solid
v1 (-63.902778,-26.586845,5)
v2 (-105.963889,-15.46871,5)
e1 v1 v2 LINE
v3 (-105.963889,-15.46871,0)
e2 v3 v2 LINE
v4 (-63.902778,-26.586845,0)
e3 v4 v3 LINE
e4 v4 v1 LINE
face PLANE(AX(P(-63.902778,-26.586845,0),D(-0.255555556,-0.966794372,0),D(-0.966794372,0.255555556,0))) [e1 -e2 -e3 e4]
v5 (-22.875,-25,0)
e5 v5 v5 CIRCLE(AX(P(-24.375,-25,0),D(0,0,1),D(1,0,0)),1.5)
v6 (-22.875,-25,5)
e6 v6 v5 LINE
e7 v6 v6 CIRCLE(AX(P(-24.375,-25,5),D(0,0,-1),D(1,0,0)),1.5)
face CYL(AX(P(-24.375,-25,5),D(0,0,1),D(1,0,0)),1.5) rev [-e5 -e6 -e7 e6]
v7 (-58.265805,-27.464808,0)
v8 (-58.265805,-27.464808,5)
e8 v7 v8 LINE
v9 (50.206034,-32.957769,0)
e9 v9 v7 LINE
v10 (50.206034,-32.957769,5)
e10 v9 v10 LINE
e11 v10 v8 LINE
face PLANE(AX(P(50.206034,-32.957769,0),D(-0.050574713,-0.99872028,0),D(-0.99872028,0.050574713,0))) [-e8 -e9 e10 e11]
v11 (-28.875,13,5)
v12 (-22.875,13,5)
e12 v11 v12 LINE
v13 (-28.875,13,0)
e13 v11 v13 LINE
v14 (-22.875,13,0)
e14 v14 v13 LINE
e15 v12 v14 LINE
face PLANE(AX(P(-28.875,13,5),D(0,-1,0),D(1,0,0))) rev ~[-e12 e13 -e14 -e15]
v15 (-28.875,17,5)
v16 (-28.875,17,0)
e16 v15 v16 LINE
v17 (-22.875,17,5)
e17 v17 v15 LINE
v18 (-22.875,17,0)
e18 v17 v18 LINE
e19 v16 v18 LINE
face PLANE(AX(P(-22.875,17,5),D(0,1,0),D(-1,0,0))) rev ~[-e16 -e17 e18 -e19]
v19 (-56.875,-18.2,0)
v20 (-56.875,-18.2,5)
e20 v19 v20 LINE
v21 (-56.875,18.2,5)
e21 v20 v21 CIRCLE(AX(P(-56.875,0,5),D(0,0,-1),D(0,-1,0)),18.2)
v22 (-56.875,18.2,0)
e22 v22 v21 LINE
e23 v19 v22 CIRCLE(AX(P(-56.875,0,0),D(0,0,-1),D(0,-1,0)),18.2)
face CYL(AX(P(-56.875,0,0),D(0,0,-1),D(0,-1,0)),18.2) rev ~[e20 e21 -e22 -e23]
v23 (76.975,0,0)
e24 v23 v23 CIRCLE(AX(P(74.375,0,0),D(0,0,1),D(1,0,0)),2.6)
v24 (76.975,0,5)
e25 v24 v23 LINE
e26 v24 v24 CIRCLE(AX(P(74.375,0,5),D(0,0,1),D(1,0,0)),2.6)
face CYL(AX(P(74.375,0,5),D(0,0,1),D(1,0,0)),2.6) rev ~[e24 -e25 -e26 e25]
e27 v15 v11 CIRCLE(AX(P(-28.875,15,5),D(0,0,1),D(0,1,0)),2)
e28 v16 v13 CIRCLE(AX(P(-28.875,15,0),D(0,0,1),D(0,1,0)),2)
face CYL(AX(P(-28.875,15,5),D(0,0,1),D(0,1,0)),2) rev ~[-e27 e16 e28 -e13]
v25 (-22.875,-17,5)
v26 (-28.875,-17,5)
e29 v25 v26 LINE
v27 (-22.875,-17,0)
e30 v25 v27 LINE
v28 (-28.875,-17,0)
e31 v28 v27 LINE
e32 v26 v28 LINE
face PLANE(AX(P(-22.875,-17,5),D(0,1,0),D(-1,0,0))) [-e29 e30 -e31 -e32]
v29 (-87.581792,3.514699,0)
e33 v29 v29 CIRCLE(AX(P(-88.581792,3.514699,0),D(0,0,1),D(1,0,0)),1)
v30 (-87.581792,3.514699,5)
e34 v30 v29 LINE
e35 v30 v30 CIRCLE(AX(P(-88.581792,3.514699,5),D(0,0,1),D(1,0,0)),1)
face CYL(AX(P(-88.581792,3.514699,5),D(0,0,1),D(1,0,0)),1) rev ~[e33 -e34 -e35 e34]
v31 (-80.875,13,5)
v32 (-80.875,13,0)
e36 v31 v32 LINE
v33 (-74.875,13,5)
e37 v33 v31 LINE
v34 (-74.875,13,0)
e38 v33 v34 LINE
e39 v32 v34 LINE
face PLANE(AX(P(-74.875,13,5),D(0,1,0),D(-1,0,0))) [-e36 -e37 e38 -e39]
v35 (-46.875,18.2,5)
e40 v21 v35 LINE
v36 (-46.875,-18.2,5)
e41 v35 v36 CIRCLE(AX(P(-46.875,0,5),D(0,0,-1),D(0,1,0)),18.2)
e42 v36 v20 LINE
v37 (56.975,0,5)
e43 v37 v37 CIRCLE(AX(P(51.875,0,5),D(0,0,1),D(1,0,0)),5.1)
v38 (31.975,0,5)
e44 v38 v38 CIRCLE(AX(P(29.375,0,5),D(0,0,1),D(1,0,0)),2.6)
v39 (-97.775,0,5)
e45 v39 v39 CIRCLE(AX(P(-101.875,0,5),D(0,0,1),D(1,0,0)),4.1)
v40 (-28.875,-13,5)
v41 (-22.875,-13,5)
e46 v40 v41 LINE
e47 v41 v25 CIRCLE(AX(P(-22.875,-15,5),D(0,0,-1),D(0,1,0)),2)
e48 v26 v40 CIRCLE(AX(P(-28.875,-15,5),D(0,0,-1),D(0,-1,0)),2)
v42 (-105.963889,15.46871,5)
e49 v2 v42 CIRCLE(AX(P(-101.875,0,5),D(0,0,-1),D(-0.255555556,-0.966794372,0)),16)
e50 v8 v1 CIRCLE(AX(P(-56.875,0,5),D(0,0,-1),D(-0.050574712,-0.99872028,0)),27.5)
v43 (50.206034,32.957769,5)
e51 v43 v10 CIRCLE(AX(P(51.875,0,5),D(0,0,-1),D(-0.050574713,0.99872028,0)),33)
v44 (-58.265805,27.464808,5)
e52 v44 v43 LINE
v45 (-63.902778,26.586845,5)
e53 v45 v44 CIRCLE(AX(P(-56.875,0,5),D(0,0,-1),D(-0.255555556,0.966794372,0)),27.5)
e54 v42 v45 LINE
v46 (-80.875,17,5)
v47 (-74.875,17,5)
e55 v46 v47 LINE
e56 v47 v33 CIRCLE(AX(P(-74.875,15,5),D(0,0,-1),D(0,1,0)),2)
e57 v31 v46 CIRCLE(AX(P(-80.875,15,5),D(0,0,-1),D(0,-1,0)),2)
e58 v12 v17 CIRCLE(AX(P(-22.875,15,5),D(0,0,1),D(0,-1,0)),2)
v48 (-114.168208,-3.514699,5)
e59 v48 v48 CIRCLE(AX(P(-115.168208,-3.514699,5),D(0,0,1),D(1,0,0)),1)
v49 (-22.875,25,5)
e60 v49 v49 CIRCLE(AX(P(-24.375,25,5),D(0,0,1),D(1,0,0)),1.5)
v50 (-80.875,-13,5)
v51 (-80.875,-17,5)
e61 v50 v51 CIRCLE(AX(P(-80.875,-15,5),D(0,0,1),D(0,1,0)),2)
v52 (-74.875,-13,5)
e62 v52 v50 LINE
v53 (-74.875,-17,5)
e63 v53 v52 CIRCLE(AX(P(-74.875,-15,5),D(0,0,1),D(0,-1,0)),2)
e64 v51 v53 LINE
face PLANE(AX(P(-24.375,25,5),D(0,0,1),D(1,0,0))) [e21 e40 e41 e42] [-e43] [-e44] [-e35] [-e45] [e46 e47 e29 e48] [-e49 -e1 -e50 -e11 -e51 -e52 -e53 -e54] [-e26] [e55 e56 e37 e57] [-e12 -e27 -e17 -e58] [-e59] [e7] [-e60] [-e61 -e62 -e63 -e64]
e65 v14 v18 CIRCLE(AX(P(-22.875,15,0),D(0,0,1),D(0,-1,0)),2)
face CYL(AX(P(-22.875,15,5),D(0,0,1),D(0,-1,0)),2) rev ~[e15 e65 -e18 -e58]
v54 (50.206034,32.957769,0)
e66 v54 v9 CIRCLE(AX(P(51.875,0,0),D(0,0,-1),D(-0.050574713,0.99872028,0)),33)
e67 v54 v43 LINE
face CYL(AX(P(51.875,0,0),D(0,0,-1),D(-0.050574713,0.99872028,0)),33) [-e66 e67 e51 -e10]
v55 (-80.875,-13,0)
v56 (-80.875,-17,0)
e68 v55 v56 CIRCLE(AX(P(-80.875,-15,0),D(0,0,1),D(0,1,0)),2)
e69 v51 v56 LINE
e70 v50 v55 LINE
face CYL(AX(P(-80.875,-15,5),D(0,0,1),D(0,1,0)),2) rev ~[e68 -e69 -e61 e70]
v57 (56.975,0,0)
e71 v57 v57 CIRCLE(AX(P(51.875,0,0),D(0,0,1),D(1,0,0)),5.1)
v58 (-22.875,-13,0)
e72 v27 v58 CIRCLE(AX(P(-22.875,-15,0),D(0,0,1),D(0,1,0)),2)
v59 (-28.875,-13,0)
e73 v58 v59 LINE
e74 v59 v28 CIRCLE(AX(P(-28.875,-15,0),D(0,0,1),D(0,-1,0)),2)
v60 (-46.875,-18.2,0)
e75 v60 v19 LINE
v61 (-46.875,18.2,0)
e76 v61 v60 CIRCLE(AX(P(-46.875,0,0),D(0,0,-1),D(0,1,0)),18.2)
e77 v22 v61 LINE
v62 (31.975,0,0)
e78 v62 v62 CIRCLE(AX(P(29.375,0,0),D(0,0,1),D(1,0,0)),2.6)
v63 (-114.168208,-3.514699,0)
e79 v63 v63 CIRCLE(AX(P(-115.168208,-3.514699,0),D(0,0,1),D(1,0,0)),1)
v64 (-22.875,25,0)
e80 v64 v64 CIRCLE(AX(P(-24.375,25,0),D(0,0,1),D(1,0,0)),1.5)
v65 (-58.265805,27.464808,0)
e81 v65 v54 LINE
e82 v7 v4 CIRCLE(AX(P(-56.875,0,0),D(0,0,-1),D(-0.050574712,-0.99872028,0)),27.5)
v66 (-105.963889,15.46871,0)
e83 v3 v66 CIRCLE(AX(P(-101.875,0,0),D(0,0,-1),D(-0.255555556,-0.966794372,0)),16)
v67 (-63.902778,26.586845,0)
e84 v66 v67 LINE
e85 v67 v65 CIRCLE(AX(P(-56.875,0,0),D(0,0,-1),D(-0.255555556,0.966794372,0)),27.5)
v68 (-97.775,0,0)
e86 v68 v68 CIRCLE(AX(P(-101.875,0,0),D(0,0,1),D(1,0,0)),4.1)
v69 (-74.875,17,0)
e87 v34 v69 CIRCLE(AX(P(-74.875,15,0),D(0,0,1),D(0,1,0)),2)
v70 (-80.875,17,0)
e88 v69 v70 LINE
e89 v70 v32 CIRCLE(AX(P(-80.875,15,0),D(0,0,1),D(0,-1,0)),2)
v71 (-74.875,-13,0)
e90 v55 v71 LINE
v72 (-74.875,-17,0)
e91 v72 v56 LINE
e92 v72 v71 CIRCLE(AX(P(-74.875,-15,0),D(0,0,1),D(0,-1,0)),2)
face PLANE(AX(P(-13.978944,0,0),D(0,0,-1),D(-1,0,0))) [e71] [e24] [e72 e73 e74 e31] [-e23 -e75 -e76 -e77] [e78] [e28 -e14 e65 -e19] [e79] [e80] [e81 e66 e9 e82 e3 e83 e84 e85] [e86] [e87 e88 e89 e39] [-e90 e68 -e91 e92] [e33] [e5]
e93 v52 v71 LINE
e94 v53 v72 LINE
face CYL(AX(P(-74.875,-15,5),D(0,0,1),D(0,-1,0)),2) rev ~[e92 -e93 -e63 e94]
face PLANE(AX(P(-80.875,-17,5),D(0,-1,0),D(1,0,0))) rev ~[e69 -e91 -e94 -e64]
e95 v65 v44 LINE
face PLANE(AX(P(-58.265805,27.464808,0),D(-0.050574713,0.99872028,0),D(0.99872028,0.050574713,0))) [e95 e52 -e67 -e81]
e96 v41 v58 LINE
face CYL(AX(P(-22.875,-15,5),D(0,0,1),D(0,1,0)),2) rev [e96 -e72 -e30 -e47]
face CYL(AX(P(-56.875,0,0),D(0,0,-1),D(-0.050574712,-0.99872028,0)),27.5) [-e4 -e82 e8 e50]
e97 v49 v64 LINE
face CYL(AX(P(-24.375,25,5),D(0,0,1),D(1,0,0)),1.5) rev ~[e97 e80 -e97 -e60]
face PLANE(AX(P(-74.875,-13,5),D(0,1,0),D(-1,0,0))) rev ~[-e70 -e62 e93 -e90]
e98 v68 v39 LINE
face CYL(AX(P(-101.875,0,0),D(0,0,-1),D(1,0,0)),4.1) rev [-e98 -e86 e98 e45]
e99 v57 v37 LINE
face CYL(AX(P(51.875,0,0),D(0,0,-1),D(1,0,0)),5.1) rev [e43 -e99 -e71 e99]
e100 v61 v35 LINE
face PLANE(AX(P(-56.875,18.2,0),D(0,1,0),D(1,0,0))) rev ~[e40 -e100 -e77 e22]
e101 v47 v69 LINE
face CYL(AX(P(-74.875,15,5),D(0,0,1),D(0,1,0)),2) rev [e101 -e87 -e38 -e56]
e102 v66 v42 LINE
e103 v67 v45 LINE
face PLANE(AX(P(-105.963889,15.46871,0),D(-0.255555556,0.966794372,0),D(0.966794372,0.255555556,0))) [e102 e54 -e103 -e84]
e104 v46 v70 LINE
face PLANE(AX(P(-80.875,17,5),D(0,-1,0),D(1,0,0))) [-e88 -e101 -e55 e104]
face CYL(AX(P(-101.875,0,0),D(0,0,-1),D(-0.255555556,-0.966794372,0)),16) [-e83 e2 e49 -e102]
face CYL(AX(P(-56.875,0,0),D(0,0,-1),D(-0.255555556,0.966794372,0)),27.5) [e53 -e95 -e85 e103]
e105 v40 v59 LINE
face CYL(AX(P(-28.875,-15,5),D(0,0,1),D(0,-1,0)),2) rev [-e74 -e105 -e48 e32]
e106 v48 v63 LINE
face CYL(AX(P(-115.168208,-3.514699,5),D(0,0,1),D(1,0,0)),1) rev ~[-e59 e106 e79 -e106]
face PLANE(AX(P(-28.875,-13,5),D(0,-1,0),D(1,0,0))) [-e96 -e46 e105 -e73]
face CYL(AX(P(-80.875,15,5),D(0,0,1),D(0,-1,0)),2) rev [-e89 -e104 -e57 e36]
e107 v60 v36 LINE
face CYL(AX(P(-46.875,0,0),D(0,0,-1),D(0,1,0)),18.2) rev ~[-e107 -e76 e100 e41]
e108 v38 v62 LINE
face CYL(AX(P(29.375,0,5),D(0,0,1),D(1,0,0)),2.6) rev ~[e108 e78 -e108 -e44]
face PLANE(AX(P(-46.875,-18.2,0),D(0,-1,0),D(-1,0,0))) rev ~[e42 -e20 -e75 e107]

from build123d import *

# Parameters (mm, degrees)
SKETCH1_R           = 4.1
SKETCH1_R_2         = 5.1
BOSS_EXTRUDE1_DEPTH = 5
SKETCH7_R           = 2.6
CUT_EXTRUDE1_DEPTH  = 7
BOSS_EXTRUDE7_DEPTH = 8
SKETCH9_R           = 1.5
CUT_EXTRUDE2_DEPTH  = 7
CUT_EXTRUDE3_DEPTH  = 10
SKETCH11_R          = 1
CUT_EXTRUDE4_DEPTH  = 10
CUT_EXTRUDE5_START  = 5
CUT_EXTRUDE5_DEPTH  = 5


with BuildPart() as part:
    # Sketch1 → Boss-Extrude1 (new body)
    with BuildSketch(Plane.XY):
        with BuildLine():
            Line((50.206034483, 32.957769253), (-58.265804598, 27.46480771))
            ThreePointArc((-58.265804598, 27.46480771), (-61.107119662, 27.172397082), (-63.902777778, 26.586845234))
            Line((-63.902777778, 26.586845234), (-105.963888889, 15.468709954))
            ThreePointArc((-105.963888889, 15.468709954), (-117.875, 0), (-105.963888889, -15.468709954))
            Line((-105.963888889, -15.468709954), (-63.902777778, -26.586845234))
            ThreePointArc((-63.902777778, -26.586845234), (-61.107119662, -27.172397082), (-58.265804598, -27.46480771))
            Line((-58.265804598, -27.46480771), (50.206034483, -32.957769253))
            ThreePointArc((50.206034483, -32.957769253), (84.875, 0), (50.206034483, 32.957769253))
        make_face()
        with Locations((-101.875, 0)):
            Circle(SKETCH1_R, mode=Mode.SUBTRACT)
        with BuildLine():
            ThreePointArc((-46.875, 18.2), (-28.675, 0), (-46.875, -18.2))
            Line((-46.875, -18.2), (-56.875, -18.2))
            ThreePointArc((-56.875, -18.2), (-75.075, 0), (-56.875, 18.2))
            Line((-56.875, 18.2), (-46.875, 18.2))
        make_face(mode=Mode.SUBTRACT)
        with Locations((51.875, 0)):
            Circle(SKETCH1_R_2, mode=Mode.SUBTRACT)
    extrude(amount=BOSS_EXTRUDE1_DEPTH)

    # Sketch7 → Cut-Extrude1 (cut)
    with BuildSketch(Plane.XY.offset(5)):
        with Locations((29.375, 0)):
            Circle(SKETCH7_R)
        with Locations((74.375, 0)):
            Circle(SKETCH7_R)
    extrude(amount=-CUT_EXTRUDE1_DEPTH, mode=Mode.SUBTRACT)

    # Sketch8 → Boss-Extrude7 (add)
    with BuildSketch(Plane.XY.offset(5)):
        Polygon((-28.993802154, 25), (-26.684401077, 21), (-22.065598923, 21), (-19.756197846, 25), (-22.065598923, 29), (-26.684401077, 29), align=None)
        Polygon((-25.775, 27.424871131), (-27.175, 25), (-25.775, 22.575128869), (-22.975, 22.575128869), (-21.575, 25), (-22.975, 27.424871131), align=None, mode=Mode.SUBTRACT)
    extrude(amount=-BOSS_EXTRUDE7_DEPTH)

    # Sketch9 → Cut-Extrude2 (cut)
    with BuildSketch(Plane.XY.offset(5)):
        with Locations((-24.375, 25)):
            Circle(SKETCH9_R)
    cut_extrude2 = extrude(amount=-CUT_EXTRUDE2_DEPTH, mode=Mode.SUBTRACT)

    # Mirror2: Cut-Extrude2 across plane
    add(cut_extrude2.mirror(Plane.ZX), mode=Mode.SUBTRACT)

    # Sketch10 → Cut-Extrude3 (cut)
    with BuildSketch(Plane.XY.offset(5)):
        with BuildLine():
            Line((-80.875, 13), (-74.875, 13))
            ThreePointArc((-74.875, 13), (-72.875, 15), (-74.875, 17))
            Line((-74.875, 17), (-80.875, 17))
            ThreePointArc((-80.875, 17), (-82.875, 15), (-80.875, 13))
        make_face()
        with BuildLine():
            ThreePointArc((-74.875, -13), (-72.875, -15), (-74.875, -17))
            Line((-74.875, -17), (-80.875, -17))
            ThreePointArc((-80.875, -17), (-82.875, -15), (-80.875, -13))
            Line((-80.875, -13), (-74.875, -13))
        make_face()
        with BuildLine():
            Line((-22.875, -13), (-28.875, -13))
            ThreePointArc((-28.875, -13), (-30.875, -15), (-28.875, -17))
            Line((-28.875, -17), (-22.875, -17))
            ThreePointArc((-22.875, -17), (-20.875, -15), (-22.875, -13))
        make_face()
        with BuildLine():
            ThreePointArc((-28.875, 13), (-30.875, 15), (-28.875, 17))
            Line((-28.875, 17), (-22.875, 17))
            ThreePointArc((-22.875, 17), (-20.875, 15), (-22.875, 13))
            Line((-22.875, 13), (-28.875, 13))
        make_face()
    extrude(amount=-CUT_EXTRUDE3_DEPTH, mode=Mode.SUBTRACT)

    # Sketch11 → Cut-Extrude4 (cut)
    with BuildSketch(Plane.XY.offset(5)):
        with Locations((-115.168208365, -3.514699328)):
            Circle(SKETCH11_R)
        with Locations((-88.581791635, 3.514699328)):
            Circle(SKETCH11_R)
    extrude(amount=-CUT_EXTRUDE4_DEPTH, mode=Mode.SUBTRACT)

    # Sketch12 → Cut-Extrude5 (cut)
    with BuildSketch(Plane(origin=(0, 0, 0), x_dir=(-1, 0, 0), z_dir=(0, 0, -1)).offset(CUT_EXTRUDE5_START)):
        with BuildLine():
            Line((105.963888889, 15.468709954), (63.902777778, 26.586845234))
            ThreePointArc((63.902777778, 26.586845234), (61.107119662, 27.172397082), (58.265804598, 27.46480771))
            Line((58.265804598, 27.46480771), (-50.206034483, 32.957769253))
            ThreePointArc((-50.206034483, 32.957769253), (-84.875, 0), (-50.206034483, -32.957769253))
            Line((-50.206034483, -32.957769253), (58.265804598, -27.46480771))
            ThreePointArc((58.265804598, -27.46480771), (61.107119662, -27.172397082), (63.902777778, -26.586845234))
            Line((63.902777778, -26.586845234), (105.963888889, -15.468709954))
            ThreePointArc((105.963888889, -15.468709954), (117.875, 0), (105.963888889, 15.468709954))
        make_face()
    extrude(amount=-CUT_EXTRUDE5_DEPTH, mode=Mode.SUBTRACT)


solid = part.part
